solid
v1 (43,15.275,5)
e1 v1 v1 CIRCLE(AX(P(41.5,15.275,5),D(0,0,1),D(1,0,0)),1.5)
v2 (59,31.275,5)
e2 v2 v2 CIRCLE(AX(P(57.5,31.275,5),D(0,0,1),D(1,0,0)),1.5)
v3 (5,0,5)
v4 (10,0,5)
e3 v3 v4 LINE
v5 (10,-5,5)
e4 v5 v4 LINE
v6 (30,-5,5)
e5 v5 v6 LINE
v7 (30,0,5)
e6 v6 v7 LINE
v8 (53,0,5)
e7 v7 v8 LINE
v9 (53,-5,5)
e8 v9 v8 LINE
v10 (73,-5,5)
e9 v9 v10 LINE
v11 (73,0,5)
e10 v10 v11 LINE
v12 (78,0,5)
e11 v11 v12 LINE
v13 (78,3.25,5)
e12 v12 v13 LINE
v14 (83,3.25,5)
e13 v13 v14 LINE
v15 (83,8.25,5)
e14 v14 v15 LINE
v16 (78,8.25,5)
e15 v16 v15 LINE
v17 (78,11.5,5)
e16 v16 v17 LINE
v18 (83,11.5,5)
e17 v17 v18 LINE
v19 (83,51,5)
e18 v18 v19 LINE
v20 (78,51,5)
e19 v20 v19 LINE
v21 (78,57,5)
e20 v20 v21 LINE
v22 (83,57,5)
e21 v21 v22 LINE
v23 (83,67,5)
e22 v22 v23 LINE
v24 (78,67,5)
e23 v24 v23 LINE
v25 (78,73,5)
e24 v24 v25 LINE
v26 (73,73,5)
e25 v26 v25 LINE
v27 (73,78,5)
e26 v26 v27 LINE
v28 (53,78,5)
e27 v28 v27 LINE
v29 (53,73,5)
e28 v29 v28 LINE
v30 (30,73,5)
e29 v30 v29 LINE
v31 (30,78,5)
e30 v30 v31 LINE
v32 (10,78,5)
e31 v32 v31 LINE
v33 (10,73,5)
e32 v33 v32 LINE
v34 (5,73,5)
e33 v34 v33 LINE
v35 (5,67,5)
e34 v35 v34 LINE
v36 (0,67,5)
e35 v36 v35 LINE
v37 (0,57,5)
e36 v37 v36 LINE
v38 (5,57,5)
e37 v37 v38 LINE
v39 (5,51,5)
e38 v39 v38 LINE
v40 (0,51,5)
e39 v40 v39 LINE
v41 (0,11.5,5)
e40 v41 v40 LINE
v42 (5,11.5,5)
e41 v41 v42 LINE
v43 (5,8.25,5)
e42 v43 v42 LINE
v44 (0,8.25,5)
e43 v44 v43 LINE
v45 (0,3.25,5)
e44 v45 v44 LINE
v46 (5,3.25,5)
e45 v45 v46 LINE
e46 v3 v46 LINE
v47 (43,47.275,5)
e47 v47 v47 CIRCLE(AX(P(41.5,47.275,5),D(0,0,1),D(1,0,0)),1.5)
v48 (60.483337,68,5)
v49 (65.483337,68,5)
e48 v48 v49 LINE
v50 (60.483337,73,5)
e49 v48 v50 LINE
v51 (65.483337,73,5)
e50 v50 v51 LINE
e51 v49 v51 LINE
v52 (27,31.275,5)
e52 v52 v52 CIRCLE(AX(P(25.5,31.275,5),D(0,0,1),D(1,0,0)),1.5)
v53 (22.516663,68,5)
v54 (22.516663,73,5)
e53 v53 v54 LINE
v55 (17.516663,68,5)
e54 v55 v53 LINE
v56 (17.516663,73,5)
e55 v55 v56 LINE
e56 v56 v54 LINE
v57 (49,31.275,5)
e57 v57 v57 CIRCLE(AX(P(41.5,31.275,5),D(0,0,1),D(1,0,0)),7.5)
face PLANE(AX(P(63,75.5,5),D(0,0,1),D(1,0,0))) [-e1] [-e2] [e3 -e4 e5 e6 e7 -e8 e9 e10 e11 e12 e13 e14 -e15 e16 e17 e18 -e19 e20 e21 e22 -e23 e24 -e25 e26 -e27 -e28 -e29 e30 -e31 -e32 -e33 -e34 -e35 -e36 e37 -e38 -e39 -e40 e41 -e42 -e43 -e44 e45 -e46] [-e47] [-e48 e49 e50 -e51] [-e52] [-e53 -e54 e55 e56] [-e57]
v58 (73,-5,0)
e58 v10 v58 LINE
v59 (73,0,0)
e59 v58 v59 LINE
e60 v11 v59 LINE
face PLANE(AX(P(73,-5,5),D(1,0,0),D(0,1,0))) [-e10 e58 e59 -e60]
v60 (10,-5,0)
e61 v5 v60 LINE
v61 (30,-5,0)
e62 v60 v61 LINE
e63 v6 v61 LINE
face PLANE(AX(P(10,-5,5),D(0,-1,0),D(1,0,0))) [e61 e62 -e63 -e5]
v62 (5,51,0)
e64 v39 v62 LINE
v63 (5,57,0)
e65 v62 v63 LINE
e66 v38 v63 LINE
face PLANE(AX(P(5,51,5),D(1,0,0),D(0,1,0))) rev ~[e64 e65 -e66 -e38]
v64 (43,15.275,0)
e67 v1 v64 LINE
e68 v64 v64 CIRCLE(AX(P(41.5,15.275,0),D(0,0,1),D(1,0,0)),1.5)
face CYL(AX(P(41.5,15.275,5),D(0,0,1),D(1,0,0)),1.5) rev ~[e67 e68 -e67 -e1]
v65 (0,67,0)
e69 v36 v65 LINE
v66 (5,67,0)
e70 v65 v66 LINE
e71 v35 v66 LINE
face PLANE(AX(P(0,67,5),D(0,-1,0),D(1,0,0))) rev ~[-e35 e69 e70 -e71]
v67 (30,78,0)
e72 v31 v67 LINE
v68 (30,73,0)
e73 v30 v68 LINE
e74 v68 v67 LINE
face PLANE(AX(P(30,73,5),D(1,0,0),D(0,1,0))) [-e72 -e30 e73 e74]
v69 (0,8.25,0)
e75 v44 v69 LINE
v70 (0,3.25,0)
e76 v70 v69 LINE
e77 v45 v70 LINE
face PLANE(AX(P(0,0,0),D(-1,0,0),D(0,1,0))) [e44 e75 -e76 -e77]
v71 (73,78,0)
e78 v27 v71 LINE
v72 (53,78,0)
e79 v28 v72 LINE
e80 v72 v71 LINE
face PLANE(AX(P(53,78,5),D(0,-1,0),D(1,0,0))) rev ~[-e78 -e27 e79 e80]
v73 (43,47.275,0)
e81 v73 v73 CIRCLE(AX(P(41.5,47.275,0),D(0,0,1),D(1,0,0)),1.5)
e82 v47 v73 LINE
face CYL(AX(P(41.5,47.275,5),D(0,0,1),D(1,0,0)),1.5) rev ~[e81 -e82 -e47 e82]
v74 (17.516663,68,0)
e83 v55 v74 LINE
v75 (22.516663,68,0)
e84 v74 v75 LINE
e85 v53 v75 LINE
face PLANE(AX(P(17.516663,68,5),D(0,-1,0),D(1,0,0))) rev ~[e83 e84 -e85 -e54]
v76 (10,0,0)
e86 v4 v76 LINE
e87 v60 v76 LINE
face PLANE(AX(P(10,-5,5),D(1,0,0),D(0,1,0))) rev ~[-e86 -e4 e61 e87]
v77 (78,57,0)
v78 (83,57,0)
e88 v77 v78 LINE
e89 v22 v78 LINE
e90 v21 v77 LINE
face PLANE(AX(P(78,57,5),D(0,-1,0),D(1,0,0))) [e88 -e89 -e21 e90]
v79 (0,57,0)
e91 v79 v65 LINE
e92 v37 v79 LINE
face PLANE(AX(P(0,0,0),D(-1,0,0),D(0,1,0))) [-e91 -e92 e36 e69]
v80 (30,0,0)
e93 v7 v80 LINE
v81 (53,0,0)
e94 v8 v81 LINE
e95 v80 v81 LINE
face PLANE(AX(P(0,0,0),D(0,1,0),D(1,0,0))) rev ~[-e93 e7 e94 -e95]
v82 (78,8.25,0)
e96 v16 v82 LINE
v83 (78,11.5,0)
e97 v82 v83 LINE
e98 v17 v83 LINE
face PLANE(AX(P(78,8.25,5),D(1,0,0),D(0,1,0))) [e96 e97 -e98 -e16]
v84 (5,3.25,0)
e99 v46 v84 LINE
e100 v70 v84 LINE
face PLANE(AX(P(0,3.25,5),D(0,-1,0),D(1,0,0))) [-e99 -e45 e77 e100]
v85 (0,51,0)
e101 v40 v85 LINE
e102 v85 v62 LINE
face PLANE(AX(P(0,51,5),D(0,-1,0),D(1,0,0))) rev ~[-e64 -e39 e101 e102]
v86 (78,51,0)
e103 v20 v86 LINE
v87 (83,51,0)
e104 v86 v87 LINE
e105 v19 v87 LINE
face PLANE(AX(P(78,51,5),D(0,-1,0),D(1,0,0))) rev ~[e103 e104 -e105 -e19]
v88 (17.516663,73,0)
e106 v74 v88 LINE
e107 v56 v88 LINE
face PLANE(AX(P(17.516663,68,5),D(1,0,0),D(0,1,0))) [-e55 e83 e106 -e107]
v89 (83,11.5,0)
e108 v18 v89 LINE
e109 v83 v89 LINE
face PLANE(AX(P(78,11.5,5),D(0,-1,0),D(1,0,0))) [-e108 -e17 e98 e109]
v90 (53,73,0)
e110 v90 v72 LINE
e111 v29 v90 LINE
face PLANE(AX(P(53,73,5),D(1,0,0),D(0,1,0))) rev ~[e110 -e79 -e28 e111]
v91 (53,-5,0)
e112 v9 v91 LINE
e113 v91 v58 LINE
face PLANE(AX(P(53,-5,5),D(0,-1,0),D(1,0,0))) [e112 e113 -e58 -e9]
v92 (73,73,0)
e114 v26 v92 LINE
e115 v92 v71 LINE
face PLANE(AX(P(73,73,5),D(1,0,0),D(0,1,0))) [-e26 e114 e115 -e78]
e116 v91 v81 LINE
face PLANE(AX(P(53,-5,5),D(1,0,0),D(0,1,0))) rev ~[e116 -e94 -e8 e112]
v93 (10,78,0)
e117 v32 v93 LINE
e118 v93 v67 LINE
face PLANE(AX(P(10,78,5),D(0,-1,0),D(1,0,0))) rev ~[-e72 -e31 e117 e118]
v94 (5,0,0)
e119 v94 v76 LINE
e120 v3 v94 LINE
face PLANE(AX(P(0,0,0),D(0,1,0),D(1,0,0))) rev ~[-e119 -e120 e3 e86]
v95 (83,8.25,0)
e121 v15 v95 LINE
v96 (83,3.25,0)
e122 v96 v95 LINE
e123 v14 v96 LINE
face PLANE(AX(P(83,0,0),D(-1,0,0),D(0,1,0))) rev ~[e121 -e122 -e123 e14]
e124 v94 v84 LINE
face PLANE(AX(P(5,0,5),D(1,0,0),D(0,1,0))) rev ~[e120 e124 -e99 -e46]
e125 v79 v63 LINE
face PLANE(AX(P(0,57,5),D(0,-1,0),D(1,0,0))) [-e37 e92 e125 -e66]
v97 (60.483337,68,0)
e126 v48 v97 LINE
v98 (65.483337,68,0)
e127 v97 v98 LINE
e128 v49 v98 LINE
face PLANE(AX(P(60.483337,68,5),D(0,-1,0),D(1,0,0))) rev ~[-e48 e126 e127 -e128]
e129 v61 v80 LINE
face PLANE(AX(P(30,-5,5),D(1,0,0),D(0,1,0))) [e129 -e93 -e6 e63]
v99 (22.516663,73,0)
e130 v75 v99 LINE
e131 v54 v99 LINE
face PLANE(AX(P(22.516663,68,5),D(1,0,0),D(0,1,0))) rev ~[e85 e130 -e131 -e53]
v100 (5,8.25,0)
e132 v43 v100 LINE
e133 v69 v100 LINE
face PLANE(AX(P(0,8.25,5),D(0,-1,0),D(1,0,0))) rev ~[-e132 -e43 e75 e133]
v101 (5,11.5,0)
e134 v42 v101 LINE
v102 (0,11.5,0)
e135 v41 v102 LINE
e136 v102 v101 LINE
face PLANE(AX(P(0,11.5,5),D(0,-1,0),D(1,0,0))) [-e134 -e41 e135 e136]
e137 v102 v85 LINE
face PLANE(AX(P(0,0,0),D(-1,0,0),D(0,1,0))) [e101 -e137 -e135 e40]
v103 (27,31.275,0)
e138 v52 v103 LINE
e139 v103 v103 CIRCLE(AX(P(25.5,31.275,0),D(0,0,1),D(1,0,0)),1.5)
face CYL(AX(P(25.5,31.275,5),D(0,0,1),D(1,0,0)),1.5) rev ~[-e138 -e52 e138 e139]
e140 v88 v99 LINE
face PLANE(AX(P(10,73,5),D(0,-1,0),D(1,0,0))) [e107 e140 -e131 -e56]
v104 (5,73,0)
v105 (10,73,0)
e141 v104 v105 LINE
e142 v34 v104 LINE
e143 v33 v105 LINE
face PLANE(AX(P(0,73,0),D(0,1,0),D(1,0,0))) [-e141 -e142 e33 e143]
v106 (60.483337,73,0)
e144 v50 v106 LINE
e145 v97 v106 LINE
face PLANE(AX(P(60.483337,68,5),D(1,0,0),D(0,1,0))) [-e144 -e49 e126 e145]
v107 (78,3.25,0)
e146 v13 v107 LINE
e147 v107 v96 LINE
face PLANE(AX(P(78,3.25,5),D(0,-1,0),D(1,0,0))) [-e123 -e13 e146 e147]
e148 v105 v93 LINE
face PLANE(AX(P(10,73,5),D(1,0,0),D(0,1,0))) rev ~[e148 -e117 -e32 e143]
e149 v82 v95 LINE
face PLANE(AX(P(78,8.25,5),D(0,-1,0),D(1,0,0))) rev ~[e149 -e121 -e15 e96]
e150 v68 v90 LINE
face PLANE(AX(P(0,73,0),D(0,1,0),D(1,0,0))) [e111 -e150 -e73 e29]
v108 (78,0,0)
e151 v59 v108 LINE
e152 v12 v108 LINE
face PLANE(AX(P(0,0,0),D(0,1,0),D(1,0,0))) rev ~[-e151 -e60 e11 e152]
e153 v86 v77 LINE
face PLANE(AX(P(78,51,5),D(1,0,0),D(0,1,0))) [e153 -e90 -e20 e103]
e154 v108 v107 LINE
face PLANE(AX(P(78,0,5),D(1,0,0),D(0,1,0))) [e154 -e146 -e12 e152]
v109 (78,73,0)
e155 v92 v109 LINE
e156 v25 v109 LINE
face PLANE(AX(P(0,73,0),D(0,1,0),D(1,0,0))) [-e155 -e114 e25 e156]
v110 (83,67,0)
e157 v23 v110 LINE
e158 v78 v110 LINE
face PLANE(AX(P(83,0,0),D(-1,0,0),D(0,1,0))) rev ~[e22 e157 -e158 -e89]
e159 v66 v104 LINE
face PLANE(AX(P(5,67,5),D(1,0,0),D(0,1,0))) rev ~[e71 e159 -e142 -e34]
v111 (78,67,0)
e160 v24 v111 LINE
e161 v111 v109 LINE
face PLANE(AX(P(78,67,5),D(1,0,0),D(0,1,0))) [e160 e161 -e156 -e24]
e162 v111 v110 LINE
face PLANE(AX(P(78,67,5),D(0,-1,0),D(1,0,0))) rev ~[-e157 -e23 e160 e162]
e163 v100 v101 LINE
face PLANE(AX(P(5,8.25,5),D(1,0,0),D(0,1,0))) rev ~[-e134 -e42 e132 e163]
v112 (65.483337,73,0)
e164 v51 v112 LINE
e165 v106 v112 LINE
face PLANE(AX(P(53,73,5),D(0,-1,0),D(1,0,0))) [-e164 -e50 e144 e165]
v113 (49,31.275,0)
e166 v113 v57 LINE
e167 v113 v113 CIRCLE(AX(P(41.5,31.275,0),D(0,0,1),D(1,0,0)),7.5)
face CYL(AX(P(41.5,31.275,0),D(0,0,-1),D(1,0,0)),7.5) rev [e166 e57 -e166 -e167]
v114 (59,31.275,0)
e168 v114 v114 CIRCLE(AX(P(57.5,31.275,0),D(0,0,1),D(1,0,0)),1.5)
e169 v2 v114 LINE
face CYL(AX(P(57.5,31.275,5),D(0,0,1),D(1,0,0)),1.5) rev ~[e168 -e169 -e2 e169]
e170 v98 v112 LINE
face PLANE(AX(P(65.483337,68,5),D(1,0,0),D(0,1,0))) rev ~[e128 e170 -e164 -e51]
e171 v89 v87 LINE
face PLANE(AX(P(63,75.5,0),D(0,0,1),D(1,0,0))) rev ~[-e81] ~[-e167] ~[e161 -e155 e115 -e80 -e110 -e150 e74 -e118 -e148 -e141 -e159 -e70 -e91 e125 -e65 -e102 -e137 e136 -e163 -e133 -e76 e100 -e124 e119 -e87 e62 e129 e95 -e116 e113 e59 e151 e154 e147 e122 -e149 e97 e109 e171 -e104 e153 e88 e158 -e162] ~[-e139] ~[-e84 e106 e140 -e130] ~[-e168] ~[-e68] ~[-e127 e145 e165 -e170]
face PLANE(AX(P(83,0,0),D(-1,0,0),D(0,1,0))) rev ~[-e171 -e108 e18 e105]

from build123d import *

# Parameters (mm, degrees)
ESQUISSE1_W             = 83
ESQUISSE1_H             = 73
ESQUISSE1_R             = 7.5
BOSS_EXTRU_1_DEPTH      = 5
ESQUISSE2_R             = 1.5
ESQUISSE2_W             = 5
ESQUISSE2_H             = 6
ESQUISSE2_H_2           = 3.25
ESQUISSE2_H_3           = 5
ENL_V_MAT_EXTRU_1_DEPTH = 5
ESQUISSE3_W             = 20
ESQUISSE3_H             = 5
BOSS_EXTRU_2_DEPTH      = 5


with BuildPart() as part:
    # Esquisse1 → Boss.-Extru.1 (new body)
    with BuildSketch(Plane.XY):
        with Locations((41.5, 36.5)):
            Rectangle(ESQUISSE1_W, ESQUISSE1_H)
        with Locations((41.5, 31.275)):
            Circle(ESQUISSE1_R, mode=Mode.SUBTRACT)
    extrude(amount=BOSS_EXTRU_1_DEPTH)

    # Esquisse2 → Enlèv. mat.-Extru.1 (cut)
    with BuildSketch(Plane.XY.offset(5)):
        with Locations((41.5, 47.275)):
            Circle(ESQUISSE2_R)
        with Locations((25.5, 31.275)):
            Circle(ESQUISSE2_R)
        with Locations((57.5, 31.275)):
            Circle(ESQUISSE2_R)
        with Locations((41.5, 15.275)):
            Circle(ESQUISSE2_R)
        with Locations((80.5, 70)):
            Rectangle(ESQUISSE2_W, ESQUISSE2_H)
        with Locations((80.5, 54)):
            Rectangle(ESQUISSE2_W, ESQUISSE2_H)
        with Locations((80.5, 1.625)):
            Rectangle(ESQUISSE2_W, ESQUISSE2_H_2)
        with Locations((80.5, 9.875)):
            Rectangle(ESQUISSE2_W, ESQUISSE2_H_2)
        with Locations((2.5, 9.875)):
            Rectangle(ESQUISSE2_W, ESQUISSE2_H_2)
        with Locations((2.5, 1.625)):
            Rectangle(ESQUISSE2_W, ESQUISSE2_H_2)
        with Locations((2.5, 54)):
            Rectangle(ESQUISSE2_W, ESQUISSE2_H)
        with Locations((2.5, 70)):
            Rectangle(ESQUISSE2_W, ESQUISSE2_H)
        with Locations((20.016662646, 70.5)):
            Rectangle(ESQUISSE2_W, ESQUISSE2_H_3)
        with Locations((62.983337354, 70.5)):
            Rectangle(ESQUISSE2_W, ESQUISSE2_H_3)
    extrude(amount=-ENL_V_MAT_EXTRU_1_DEPTH, mode=Mode.SUBTRACT)

    # Esquisse3 → Boss.-Extru.2 (add)
    with BuildSketch(Plane.XY.offset(5)):
        with Locations((63, 75.5)):
            Rectangle(ESQUISSE3_W, ESQUISSE3_H)
        with Locations((20, 75.5)):
            Rectangle(ESQUISSE3_W, ESQUISSE3_H)
        with Locations((63, -2.5)):
            Rectangle(ESQUISSE3_W, ESQUISSE3_H)
        with Locations((20, -2.5)):
            Rectangle(ESQUISSE3_W, ESQUISSE3_H)
    extrude(amount=-BOSS_EXTRU_2_DEPTH)


solid = part.part
